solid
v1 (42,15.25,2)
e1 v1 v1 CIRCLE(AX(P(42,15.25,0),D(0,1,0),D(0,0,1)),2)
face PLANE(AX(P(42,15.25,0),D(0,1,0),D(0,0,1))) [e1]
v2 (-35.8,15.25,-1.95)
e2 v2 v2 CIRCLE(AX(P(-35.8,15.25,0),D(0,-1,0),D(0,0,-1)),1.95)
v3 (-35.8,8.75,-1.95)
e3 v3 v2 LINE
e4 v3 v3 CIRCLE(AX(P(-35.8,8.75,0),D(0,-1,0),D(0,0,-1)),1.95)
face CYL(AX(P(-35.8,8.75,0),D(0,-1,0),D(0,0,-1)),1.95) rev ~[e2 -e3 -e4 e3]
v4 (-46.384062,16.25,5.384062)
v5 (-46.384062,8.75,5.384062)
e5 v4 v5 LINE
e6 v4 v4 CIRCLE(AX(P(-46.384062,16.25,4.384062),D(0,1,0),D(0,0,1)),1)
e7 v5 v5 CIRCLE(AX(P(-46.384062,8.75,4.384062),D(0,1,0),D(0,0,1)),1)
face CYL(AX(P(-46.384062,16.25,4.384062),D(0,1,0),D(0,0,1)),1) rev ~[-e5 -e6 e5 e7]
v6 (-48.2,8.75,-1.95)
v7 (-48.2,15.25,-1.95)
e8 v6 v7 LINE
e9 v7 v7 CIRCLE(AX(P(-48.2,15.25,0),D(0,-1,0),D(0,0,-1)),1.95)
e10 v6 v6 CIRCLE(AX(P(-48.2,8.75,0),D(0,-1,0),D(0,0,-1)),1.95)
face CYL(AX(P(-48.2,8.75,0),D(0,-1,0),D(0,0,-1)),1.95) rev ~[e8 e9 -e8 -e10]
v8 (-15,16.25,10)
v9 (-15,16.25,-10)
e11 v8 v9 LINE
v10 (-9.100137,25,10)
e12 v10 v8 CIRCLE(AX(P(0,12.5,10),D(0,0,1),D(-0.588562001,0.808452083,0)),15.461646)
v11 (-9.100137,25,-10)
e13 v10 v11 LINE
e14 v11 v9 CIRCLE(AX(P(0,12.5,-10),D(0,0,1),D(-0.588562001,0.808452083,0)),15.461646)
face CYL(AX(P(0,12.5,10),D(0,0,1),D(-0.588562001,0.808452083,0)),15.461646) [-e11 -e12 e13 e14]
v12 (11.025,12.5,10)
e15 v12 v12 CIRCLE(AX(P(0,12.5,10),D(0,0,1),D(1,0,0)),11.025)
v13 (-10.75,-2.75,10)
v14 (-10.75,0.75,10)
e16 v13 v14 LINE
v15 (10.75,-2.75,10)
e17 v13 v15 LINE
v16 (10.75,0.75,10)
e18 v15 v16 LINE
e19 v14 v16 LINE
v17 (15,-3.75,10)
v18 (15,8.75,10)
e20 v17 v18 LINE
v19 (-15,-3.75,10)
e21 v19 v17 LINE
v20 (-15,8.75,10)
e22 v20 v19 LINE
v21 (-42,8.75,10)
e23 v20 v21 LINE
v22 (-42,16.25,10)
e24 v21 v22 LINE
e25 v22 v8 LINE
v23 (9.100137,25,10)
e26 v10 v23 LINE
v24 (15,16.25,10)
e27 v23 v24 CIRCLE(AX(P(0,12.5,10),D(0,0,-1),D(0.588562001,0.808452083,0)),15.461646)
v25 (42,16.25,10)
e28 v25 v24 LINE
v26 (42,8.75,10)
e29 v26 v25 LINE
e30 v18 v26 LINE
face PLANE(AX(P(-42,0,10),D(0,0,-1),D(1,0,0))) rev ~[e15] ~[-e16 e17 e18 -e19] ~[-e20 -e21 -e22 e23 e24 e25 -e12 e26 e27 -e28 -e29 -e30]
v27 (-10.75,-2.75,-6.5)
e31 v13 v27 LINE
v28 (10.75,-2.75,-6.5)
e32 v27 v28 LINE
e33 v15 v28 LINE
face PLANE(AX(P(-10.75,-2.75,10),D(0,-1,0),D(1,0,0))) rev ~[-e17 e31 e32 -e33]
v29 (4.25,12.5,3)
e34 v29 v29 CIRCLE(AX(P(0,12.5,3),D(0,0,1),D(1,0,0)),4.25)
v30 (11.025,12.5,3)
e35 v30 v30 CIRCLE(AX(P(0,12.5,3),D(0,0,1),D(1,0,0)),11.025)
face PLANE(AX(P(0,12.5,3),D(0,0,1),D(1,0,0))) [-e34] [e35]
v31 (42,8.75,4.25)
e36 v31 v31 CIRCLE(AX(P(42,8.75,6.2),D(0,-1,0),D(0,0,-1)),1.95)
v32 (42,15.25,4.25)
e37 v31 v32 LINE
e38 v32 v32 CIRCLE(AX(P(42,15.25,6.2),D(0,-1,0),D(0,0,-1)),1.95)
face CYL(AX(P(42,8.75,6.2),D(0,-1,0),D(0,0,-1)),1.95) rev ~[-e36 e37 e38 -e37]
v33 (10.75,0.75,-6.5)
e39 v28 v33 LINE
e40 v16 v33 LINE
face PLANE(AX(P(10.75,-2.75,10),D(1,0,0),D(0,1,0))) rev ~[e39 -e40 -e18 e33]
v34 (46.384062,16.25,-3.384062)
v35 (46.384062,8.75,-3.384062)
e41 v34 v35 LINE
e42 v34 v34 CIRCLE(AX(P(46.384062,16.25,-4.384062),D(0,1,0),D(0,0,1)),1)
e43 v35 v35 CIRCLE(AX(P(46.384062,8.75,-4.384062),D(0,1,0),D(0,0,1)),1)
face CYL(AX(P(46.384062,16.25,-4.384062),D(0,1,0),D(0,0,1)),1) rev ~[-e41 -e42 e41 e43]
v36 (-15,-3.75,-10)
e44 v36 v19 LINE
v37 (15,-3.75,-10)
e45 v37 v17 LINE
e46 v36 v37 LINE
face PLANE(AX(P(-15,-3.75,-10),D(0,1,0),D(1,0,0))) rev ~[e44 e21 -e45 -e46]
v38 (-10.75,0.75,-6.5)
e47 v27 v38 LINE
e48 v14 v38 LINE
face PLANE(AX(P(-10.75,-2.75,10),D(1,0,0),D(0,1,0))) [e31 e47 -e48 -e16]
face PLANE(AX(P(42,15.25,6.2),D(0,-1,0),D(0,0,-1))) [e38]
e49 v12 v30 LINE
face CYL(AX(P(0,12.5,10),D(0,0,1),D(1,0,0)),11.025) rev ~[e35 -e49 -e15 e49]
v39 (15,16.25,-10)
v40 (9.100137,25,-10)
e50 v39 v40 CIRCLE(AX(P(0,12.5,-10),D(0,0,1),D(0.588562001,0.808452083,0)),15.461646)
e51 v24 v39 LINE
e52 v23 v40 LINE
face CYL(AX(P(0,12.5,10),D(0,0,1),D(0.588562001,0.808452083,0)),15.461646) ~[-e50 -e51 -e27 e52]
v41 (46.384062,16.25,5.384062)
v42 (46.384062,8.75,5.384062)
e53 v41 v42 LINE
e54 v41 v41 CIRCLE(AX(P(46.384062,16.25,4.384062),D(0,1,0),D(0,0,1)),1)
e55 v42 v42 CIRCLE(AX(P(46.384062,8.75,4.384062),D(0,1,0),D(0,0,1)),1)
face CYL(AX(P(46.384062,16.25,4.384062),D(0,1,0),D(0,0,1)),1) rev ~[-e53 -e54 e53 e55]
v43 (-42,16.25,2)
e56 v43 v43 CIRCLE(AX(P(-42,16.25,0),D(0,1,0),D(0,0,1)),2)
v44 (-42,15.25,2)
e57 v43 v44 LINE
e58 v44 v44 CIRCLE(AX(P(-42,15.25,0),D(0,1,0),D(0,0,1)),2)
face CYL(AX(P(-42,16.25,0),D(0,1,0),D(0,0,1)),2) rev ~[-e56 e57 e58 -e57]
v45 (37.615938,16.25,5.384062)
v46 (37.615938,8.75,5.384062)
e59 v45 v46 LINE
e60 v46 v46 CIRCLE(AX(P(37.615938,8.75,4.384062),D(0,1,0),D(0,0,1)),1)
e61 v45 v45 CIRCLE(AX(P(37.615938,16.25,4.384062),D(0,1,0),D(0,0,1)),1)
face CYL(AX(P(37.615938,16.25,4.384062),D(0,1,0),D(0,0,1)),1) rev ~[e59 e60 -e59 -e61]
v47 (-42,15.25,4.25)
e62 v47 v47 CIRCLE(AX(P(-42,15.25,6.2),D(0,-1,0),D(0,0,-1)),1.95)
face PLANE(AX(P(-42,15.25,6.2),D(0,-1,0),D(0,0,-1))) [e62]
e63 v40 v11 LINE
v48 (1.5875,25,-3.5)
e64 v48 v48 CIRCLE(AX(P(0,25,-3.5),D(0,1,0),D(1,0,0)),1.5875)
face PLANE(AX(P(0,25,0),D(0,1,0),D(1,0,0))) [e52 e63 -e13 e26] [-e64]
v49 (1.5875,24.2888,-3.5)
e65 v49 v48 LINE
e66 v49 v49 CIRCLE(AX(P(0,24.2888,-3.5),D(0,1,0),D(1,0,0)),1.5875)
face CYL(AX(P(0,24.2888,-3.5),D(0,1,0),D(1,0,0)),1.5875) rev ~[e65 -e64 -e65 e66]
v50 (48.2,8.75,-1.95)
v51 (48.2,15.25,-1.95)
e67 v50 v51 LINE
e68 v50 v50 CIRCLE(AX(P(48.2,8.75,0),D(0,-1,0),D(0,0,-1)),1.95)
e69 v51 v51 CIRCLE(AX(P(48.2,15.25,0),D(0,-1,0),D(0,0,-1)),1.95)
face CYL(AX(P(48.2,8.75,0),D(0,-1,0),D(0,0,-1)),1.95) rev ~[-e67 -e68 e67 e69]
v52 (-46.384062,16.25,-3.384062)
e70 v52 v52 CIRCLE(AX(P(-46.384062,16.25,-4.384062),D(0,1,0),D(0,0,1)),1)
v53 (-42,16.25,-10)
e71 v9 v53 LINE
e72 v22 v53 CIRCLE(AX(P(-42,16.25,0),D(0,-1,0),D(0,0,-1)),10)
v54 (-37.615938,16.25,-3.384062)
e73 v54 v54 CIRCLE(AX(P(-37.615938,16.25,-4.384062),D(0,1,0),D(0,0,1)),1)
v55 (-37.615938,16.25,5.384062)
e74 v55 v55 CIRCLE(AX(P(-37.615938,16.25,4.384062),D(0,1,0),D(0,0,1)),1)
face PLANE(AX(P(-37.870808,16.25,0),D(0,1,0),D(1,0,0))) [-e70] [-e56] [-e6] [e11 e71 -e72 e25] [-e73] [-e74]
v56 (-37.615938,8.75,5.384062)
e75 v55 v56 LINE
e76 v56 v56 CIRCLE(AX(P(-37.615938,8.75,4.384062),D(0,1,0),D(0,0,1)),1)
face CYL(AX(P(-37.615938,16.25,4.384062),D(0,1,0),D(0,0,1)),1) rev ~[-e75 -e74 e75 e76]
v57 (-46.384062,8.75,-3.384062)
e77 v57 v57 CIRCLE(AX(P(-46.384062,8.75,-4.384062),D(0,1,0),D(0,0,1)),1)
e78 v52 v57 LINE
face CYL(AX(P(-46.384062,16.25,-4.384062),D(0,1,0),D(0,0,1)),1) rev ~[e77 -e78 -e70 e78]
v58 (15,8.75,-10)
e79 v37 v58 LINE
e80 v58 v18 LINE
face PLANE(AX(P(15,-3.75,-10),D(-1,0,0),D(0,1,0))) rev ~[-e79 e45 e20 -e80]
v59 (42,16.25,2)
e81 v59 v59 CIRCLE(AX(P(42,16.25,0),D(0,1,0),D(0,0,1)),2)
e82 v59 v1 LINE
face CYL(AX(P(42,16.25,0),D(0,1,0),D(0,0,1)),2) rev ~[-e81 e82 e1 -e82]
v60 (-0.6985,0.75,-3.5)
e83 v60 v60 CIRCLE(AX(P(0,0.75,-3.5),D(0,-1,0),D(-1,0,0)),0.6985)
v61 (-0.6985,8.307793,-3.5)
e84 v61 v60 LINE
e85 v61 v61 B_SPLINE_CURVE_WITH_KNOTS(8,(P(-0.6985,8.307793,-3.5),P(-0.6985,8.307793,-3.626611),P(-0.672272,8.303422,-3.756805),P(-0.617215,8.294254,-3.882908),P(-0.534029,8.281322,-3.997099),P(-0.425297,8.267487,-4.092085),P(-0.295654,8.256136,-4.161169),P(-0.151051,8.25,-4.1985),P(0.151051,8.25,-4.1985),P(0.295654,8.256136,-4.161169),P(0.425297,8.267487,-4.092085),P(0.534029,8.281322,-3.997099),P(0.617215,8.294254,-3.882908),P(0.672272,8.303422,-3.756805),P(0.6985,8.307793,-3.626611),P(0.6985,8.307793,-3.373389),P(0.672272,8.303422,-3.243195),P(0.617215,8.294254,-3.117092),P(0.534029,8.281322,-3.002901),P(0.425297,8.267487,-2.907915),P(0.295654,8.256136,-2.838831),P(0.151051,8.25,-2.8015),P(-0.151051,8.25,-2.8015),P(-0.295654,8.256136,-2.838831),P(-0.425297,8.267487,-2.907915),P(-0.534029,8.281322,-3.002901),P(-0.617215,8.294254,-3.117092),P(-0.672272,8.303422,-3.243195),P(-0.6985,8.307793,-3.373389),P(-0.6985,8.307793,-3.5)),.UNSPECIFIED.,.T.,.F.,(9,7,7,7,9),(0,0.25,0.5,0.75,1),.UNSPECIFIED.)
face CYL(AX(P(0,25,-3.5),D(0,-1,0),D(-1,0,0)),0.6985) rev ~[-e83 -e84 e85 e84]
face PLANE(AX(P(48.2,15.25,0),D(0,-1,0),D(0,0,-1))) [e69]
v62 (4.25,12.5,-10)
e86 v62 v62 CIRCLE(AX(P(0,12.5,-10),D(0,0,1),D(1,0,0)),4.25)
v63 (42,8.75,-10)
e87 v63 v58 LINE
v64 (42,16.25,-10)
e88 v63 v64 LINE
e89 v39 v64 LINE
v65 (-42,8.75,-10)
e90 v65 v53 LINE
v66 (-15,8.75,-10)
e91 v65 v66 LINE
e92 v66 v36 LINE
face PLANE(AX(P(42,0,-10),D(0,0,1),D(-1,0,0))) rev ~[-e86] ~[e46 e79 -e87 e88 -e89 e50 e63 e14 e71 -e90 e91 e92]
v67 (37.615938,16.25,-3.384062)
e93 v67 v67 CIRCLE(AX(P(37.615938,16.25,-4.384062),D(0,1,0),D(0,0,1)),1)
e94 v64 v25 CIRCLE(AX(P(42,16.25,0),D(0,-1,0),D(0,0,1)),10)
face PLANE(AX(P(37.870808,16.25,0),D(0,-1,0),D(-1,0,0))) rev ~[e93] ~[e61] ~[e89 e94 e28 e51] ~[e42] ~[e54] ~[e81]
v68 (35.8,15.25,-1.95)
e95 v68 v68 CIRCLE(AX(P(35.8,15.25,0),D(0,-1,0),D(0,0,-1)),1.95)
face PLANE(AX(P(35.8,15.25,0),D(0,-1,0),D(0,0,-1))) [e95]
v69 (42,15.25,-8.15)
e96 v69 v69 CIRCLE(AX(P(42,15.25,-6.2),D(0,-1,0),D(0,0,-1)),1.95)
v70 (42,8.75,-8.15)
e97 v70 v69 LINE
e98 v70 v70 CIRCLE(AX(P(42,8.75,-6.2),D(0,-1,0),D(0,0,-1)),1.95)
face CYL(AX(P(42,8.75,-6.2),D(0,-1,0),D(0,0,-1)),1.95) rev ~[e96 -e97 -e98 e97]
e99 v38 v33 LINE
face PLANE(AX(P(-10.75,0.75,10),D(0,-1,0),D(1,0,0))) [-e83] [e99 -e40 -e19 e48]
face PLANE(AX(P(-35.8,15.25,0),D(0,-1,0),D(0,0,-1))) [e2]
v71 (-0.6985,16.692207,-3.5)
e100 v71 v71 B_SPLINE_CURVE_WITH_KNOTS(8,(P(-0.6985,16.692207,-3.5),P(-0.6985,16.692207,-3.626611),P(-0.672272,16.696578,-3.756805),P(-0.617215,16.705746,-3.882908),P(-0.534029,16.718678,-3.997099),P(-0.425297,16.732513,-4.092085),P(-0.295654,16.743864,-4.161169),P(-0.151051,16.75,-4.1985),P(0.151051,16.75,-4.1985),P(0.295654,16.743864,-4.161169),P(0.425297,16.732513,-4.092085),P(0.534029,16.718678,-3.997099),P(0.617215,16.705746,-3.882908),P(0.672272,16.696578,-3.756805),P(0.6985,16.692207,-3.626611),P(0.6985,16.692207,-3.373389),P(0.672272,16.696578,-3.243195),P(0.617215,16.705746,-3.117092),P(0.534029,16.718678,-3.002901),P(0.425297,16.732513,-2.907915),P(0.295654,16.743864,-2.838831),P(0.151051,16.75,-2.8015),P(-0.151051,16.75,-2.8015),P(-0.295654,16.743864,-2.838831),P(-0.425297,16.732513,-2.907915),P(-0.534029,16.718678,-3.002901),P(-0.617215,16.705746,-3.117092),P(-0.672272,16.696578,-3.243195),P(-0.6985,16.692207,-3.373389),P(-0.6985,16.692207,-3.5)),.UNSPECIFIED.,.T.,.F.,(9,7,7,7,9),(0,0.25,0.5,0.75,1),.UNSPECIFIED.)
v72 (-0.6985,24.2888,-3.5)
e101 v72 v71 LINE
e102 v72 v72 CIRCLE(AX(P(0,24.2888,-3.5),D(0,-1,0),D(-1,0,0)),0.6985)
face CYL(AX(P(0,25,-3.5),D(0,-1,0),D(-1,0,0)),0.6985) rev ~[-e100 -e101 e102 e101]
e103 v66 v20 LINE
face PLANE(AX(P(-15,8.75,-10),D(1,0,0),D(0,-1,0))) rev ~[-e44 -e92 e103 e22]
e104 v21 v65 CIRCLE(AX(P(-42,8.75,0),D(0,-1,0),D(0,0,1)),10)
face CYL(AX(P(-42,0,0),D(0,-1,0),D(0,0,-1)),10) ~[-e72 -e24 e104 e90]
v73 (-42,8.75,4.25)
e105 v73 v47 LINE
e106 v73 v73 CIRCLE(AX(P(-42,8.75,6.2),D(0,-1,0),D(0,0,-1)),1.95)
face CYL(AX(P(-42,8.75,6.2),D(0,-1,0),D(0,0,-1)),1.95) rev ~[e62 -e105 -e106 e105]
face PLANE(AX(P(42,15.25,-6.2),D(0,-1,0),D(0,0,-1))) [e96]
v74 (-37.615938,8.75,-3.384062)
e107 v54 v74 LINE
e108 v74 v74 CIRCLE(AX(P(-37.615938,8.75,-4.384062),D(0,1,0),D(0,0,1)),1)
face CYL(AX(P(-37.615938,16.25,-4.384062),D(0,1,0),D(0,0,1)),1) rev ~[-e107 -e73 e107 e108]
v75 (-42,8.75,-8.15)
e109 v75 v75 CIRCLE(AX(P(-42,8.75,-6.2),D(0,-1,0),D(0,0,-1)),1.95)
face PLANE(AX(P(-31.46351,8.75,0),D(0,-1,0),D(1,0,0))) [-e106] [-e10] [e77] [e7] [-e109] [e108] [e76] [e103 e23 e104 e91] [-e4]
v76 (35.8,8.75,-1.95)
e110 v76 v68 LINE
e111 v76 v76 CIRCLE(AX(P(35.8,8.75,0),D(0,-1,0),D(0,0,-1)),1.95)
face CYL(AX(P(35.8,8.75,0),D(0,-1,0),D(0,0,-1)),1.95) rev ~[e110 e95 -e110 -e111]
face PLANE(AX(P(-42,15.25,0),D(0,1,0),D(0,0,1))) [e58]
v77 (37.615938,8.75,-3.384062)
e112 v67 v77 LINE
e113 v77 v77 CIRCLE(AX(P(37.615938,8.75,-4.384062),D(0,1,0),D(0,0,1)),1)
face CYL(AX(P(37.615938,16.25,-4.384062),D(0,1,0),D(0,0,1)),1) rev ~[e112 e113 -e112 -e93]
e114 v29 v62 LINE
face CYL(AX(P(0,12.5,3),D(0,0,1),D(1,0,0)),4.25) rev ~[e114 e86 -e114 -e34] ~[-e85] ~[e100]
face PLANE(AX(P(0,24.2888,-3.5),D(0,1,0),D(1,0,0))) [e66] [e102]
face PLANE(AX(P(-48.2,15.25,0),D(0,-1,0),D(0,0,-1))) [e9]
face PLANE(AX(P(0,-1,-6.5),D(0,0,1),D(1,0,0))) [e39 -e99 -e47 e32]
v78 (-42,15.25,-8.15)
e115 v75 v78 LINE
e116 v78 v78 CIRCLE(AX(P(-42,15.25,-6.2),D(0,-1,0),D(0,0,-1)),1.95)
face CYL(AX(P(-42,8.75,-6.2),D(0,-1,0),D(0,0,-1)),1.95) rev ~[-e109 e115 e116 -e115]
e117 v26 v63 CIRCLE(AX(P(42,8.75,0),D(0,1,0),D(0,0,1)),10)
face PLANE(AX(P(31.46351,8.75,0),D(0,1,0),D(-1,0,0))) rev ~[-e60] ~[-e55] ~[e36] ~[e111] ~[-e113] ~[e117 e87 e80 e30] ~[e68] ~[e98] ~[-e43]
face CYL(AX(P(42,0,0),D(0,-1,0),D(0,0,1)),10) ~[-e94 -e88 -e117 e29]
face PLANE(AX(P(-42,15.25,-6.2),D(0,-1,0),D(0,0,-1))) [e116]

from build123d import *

# Parameters (mm, degrees)
BOSS_EXTRUDE1_DEPTH                                 = 25
SKETCH2_R                                           = 11.025
CUT_EXTRUDE1_DEPTH                                  = 7
CUT_EXTRUDE3_DEPTH                                  = 8.75
CUT_EXTRUDE5_DEPTH                                  = 8.75
SKETCH5_R                                           = 1
CUT_EXTRUDE6_DEPTH                                  = 7.5
SKETCH6_R                                           = 1.95
CUT_EXTRUDE7_DEPTH                                  = 6.5
SKETCH7_R                                           = 2
CUT_EXTRUDE8_DEPTH                                  = 1
CUT_EXTRUDE9_DEPTH                                  = 62.065538563
CUT_EXTRUDE10_REACH                                 = 61.144
SKETCH9_R                                           = 4.25
CBORE_FOR_00_BINDING_HEAD_MACHINE_SCREW_D           = 1.397
CBORE_FOR_00_BINDING_HEAD_MACHINE_SCREW_DEPTH       = 25
CBORE_FOR_00_BINDING_HEAD_MACHINE_SCREW_CBORE_D     = 3.175
CBORE_FOR_00_BINDING_HEAD_MACHINE_SCREW_CBORE_DEPTH = 0.7112
CBORE_FOR_00_BINDING_HEAD_MACHINE_SCREW_TIP         = 0.419701142
BOSS_EXTRUDE4_DEPTH                                 = 20
SKETCH20_W                                          = 21.5
SKETCH20_H                                          = 3.5
CUT_EXTRUDE13_DEPTH                                 = 16.5


with BuildPart() as part:
    # Sketch1 → Boss-Extrude1 (new body)
    with BuildSketch(Plane(origin=(0, 0, 0), x_dir=(1, 0, 0), z_dir=(0, 1, 0))):
        with BuildLine():
            Line((-42, -10), (42, -10))
            ThreePointArc((42, -10), (52, 0), (42, 10))
            Line((42, 10), (-42, 10))
            ThreePointArc((-42, 10), (-52, 0), (-42, -10))
        make_face()
    extrude(amount=BOSS_EXTRUDE1_DEPTH)

    # Sketch2 → Cut-Extrude1 (cut)
    with BuildSketch(Plane.XY.offset(10)):
        with Locations((0, 12.5)):
            Circle(SKETCH2_R)
    extrude(amount=-CUT_EXTRUDE1_DEPTH, mode=Mode.SUBTRACT)

    # Sketch3 → Cut-Extrude3 (cut)
    with BuildSketch(Plane.XZ):
        with BuildLine():
            Line((15, -10), (15, 10))
            Line((15, 10), (42, 10))
            ThreePointArc((42, 10), (52, 0), (42, -10))
            Line((42, -10), (15, -10))
        make_face()
        with BuildLine():
            Line((-15, -10), (-15, 10))
            Line((-15, 10), (-42, 10))
            ThreePointArc((-42, 10), (-52, 0), (-42, -10))
            Line((-42, -10), (-15, -10))
        make_face()
    extrude(amount=-CUT_EXTRUDE3_DEPTH, mode=Mode.SUBTRACT)

    # Sketch4 → Cut-Extrude5 (cut)
    with BuildSketch(Plane(origin=(0, 25, 0), x_dir=(1, 0, 0), z_dir=(0, 1, 0))):
        with BuildLine():
            Line((15, -10), (15, 10))
            Line((15, 10), (55, 10))
            ThreePointArc((55, 10), (65, 0), (55, -10))
            Line((55, -10), (15, -10))
        make_face()
        with BuildLine():
            Line((-15, -10), (-15, 10))
            Line((-15, 10), (-55, 10))
            ThreePointArc((-55, 10), (-65, 0), (-55, -10))
            Line((-55, -10), (-15, -10))
        make_face()
    extrude(amount=-CUT_EXTRUDE5_DEPTH, mode=Mode.SUBTRACT)

    # Sketch5 → Cut-Extrude6 (cut)
    with BuildSketch(Plane(origin=(0, 16.25, 0), x_dir=(1, 0, 0), z_dir=(0, 1, 0))):
        with Locations(Location((-46.384062043, 4.384062043, 0), (0, 0, 270))):
            Circle(SKETCH5_R)
        with Locations(Location((-37.615937957, 4.384062043, 0), (0, 0, 270))):
            Circle(SKETCH5_R)
        with Locations(Location((-37.615937957, -4.384062043, 0), (0, 0, 270))):
            Circle(SKETCH5_R)
        with Locations(Location((-46.384062043, -4.384062043, 0), (0, 0, 270))):
            Circle(SKETCH5_R)
        with Locations(Location((37.615937957, 4.384062043, 0), (0, 0, 270))):
            Circle(SKETCH5_R)
        with Locations(Location((46.384062043, 4.384062043, 0), (0, 0, 270))):
            Circle(SKETCH5_R)
        with Locations(Location((46.384062043, -4.384062043, 0), (0, 0, 270))):
            Circle(SKETCH5_R)
        with Locations(Location((37.615937957, -4.384062043, 0), (0, 0, 270))):
            Circle(SKETCH5_R)
    extrude(amount=-CUT_EXTRUDE6_DEPTH, mode=Mode.SUBTRACT)

    # Sketch6 → Cut-Extrude7 (cut)
    with BuildSketch(Plane.XZ.offset(-8.75)):
        with Locations(Location((-42, 6.2, 0), (0, 0, 270))):
            Circle(SKETCH6_R)
        with Locations(Location((-35.8, 0, 0), (0, 0, 270))):
            Circle(SKETCH6_R)
        with Locations(Location((-48.2, 0, 0), (0, 0, 270))):
            Circle(SKETCH6_R)
        with Locations(Location((-42, -6.2, 0), (0, 0, 270))):
            Circle(SKETCH6_R)
        with Locations(Location((42, 6.2, 0), (0, 0, 270))):
            Circle(SKETCH6_R)
        with Locations(Location((48.2, 0, 0), (0, 0, 270))):
            Circle(SKETCH6_R)
        with Locations(Location((35.8, 0, 0), (0, 0, 270))):
            Circle(SKETCH6_R)
        with Locations(Location((42, -6.2, 0), (0, 0, 270))):
            Circle(SKETCH6_R)
    extrude(amount=-CUT_EXTRUDE7_DEPTH, mode=Mode.SUBTRACT)

    # Sketch7 → Cut-Extrude8 (cut)
    with BuildSketch(Plane(origin=(0, 16.25, 0), x_dir=(1, 0, 0), z_dir=(0, 1, 0))):
        with Locations(Location((-42, 0, 0), (0, 0, 270))):
            Circle(SKETCH7_R)
        with Locations(Location((42, 0, 0), (0, 0, 270))):
            Circle(SKETCH7_R)
    extrude(amount=-CUT_EXTRUDE8_DEPTH, mode=Mode.SUBTRACT)

    # Sketch8 → Cut-Extrude9 (cut, through all)
    with BuildSketch(Plane.XY.offset(10)):
        with BuildLine():
            Line((-15, 16.25), (-15, 25))
            Line((-15, 25), (-9.100137362, 25))
            ThreePointArc((-9.100137362, 25), (-12.819702813, 21.143941218), (-15, 16.25))
        make_face()
        with BuildLine():
            Line((15, 0), (9.100137362, 0))
            ThreePointArc((9.100137362, 0), (12.819702813, 3.856058782), (15, 8.75))
            Line((15, 8.75), (15, 0))
        make_face()
        with BuildLine():
            Line((15, 25), (9.100137362, 25))
            ThreePointArc((9.100137362, 25), (12.819702813, 21.143941218), (15, 16.25))
            Line((15, 16.25), (15, 25))
        make_face()
        with BuildLine():
            Line((-15, 0), (-15, 8.75))
            ThreePointArc((-15, 8.75), (-12.819702813, 3.856058782), (-9.100137362, 0))
            Line((-9.100137362, 0), (-15, 0))
        make_face()
    extrude(amount=-CUT_EXTRUDE9_DEPTH, mode=Mode.SUBTRACT)

    # Sketch9 → Cut-Extrude10 (cut, up to next)
    with BuildSketch(Plane.XY.offset(3), mode=Mode.PRIVATE) as cut_extrude10_sk1:
        with Locations((0, 12.5)):
            Circle(SKETCH9_R)
    cut_extrude10_tool1 = extrude(cut_extrude10_sk1.sketch, amount=-CUT_EXTRUDE10_REACH, mode=Mode.PRIVATE) & part.part
    add(cut_extrude10_tool1.solids().sort_by_distance((0, 12.5, 3))[0], mode=Mode.SUBTRACT)

    # CBORE for #00 Binding Head Machine Screw2
    with Locations(Plane(origin=(0, 25, 0), x_dir=(1, 0, 0), z_dir=(0, 1, 0))):
        with Locations((0, 3.5)):
            CounterBoreHole(CBORE_FOR_00_BINDING_HEAD_MACHINE_SCREW_D / 2, CBORE_FOR_00_BINDING_HEAD_MACHINE_SCREW_CBORE_D / 2, CBORE_FOR_00_BINDING_HEAD_MACHINE_SCREW_CBORE_DEPTH, depth=CBORE_FOR_00_BINDING_HEAD_MACHINE_SCREW_DEPTH)
            with Locations((0, 0, -(CBORE_FOR_00_BINDING_HEAD_MACHINE_SCREW_DEPTH + CBORE_FOR_00_BINDING_HEAD_MACHINE_SCREW_TIP / 2))):  # 118° drill point
                Cone(0, CBORE_FOR_00_BINDING_HEAD_MACHINE_SCREW_D / 2, CBORE_FOR_00_BINDING_HEAD_MACHINE_SCREW_TIP, mode=Mode.SUBTRACT)

    # Sketch19 → Boss-Extrude4 (add, through all)
    with BuildSketch(Plane(origin=(0, 0, -10), x_dir=(-1, 0, 0), z_dir=(0, 0, -1))):
        with BuildLine():
            Line((-9.100137362, 0), (9.100137362, 0))
            ThreePointArc((9.100137362, 0), (12.819702813, 3.856058782), (15, 8.75))
            Line((15, 8.75), (15, -3.75))
            Line((15, -3.75), (-15, -3.75))
            Line((-15, -3.75), (-15, 8.75))
            ThreePointArc((-15, 8.75), (-12.819702813, 3.856058782), (-9.100137362, 0))
        make_face()
    extrude(amount=-BOSS_EXTRUDE4_DEPTH)

    # Sketch20 → Cut-Extrude13 (cut)
    with BuildSketch(Plane.XY.offset(10)):
        with Locations((0, -1)):
            Rectangle(SKETCH20_W, SKETCH20_H)
    extrude(amount=-CUT_EXTRUDE13_DEPTH, mode=Mode.SUBTRACT)


solid = part.part
